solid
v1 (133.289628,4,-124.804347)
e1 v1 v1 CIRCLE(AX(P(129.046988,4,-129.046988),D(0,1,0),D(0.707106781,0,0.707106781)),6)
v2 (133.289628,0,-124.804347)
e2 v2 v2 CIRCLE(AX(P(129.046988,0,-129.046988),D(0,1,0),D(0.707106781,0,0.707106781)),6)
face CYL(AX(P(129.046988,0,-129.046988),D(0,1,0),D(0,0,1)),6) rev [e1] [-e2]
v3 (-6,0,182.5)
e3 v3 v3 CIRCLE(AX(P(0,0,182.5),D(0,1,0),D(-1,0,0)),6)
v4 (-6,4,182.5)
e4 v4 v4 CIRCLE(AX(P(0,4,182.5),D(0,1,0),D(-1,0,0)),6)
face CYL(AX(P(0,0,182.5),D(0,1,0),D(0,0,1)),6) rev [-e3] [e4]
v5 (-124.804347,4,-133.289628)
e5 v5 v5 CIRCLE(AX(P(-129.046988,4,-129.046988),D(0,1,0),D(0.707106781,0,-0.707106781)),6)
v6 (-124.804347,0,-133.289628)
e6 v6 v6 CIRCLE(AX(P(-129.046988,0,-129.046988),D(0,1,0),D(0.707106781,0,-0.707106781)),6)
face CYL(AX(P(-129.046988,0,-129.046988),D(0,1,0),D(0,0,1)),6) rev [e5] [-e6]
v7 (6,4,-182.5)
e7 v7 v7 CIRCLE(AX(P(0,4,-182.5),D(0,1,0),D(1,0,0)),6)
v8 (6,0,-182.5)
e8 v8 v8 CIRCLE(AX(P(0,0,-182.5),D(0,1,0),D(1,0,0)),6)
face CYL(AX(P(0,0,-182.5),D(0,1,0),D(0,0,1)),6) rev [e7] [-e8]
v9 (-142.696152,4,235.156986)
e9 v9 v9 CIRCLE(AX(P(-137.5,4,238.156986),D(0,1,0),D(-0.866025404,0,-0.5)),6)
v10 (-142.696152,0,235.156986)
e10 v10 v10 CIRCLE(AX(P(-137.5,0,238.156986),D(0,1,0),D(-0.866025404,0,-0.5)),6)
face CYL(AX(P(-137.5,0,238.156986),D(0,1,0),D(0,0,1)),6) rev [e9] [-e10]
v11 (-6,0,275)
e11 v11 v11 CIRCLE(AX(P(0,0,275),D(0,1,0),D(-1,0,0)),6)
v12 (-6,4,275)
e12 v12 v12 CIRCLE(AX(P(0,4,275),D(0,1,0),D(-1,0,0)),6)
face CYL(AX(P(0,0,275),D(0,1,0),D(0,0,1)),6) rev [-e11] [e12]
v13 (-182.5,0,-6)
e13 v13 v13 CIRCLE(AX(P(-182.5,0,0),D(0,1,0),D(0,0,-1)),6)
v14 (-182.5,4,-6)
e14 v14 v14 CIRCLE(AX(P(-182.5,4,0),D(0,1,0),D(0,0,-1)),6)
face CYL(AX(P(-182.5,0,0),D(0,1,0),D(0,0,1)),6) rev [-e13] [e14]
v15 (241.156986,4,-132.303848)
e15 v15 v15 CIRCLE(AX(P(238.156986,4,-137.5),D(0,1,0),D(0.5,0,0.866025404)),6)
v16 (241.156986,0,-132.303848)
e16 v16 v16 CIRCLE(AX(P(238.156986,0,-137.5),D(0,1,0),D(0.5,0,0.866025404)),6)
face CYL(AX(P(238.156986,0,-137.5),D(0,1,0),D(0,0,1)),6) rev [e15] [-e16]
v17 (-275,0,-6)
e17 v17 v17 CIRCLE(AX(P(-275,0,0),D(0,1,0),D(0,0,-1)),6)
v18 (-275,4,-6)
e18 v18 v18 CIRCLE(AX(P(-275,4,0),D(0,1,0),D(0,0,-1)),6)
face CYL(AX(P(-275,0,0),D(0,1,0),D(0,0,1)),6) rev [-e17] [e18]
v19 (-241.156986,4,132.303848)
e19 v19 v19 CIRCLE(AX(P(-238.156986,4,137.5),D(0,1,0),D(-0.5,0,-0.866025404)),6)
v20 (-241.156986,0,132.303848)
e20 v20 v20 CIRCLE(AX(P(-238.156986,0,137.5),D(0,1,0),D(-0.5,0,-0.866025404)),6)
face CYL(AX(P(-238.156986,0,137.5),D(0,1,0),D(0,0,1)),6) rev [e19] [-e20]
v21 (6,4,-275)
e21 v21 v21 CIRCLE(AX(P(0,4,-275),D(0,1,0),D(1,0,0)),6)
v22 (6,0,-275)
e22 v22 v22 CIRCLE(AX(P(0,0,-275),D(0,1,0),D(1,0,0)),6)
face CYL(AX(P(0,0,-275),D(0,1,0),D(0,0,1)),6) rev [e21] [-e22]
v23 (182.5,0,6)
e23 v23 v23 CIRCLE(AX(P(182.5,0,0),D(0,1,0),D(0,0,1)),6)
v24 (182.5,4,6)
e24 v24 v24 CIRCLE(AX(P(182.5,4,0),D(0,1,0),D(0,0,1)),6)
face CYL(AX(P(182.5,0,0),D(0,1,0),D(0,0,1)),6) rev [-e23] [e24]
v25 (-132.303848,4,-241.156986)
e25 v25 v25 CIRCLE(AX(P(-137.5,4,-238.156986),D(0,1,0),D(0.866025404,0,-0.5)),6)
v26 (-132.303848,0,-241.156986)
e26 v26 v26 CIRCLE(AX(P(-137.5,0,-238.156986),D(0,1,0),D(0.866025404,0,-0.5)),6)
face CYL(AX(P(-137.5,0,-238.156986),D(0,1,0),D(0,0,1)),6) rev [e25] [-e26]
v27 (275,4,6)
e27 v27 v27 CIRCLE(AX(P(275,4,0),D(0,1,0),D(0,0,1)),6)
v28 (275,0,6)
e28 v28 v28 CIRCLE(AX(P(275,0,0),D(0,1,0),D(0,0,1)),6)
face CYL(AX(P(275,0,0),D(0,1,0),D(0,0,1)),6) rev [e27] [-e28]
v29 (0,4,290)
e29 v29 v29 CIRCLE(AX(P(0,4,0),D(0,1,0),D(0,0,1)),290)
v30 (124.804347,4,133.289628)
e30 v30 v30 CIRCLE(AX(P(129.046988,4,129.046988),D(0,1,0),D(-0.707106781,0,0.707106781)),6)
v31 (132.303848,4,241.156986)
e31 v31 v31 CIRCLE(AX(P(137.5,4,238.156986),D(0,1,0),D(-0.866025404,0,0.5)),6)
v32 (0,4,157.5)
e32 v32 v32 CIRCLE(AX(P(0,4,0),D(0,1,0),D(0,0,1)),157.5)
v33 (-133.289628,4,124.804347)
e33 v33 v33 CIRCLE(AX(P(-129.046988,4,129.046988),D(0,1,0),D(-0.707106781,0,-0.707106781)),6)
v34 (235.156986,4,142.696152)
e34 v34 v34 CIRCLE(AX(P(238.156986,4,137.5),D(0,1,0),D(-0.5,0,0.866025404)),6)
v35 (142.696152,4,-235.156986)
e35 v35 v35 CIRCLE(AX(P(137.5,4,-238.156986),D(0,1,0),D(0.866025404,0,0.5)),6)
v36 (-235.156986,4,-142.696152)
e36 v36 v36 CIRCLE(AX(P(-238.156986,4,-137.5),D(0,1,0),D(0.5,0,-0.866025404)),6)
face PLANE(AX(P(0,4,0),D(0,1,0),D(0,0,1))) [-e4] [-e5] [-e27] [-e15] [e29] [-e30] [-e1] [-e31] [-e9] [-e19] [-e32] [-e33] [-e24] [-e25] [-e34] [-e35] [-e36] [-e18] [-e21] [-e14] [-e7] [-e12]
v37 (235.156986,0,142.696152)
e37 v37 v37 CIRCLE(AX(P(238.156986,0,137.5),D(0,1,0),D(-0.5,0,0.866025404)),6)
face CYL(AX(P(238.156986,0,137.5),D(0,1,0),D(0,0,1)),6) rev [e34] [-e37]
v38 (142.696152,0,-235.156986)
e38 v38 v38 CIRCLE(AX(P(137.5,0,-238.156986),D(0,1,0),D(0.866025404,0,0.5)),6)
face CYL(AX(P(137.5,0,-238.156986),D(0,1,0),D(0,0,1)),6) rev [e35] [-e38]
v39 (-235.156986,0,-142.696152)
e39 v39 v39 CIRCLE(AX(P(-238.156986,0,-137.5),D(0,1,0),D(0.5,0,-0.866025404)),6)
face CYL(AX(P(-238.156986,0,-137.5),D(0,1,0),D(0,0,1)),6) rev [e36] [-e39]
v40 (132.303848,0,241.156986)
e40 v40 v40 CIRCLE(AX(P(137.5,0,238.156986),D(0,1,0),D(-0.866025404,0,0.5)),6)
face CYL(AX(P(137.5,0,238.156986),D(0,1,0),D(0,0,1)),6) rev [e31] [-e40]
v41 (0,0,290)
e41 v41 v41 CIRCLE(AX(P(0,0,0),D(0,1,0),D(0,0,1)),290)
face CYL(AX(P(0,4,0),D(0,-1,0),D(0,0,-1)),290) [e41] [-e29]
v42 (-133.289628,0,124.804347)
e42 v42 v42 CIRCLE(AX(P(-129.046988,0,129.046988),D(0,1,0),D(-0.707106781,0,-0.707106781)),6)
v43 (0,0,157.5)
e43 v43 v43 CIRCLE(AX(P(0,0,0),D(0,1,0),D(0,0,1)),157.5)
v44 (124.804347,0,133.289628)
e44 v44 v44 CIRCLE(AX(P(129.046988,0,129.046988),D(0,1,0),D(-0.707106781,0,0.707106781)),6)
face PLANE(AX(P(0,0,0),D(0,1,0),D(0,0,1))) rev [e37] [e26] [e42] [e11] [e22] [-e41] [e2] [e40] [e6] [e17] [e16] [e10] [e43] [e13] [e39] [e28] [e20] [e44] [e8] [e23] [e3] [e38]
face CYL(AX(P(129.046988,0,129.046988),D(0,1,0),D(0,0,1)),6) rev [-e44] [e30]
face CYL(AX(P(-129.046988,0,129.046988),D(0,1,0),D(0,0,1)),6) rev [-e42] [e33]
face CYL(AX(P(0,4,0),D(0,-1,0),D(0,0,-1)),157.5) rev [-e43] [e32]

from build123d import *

# Parameters (mm, degrees)
SKETCH1_R           = 290
SKETCH1_R_2         = 157.5
BOSS_EXTRUDE1_DEPTH = 4
SKETCH2_R           = 6
CUT_EXTRUDE1_DEPTH  = 4
CIRPATTERN1_COUNT   = 8
SKETCH3_R           = 6
CUT_EXTRUDE2_DEPTH  = 4
CIRPATTERN2_COUNT   = 12


with BuildPart() as part:
    # Sketch1 → Boss-Extrude1 (new body)
    with BuildSketch(Plane(origin=(0, 0, 0), x_dir=(1, 0, 0), z_dir=(0, 1, 0))):
        with Locations(Location((0, 0, 0), (0, 0, 270))):
            Circle(SKETCH1_R)
        with Locations(Location((0, 0, 0), (0, 0, 270))):
            Circle(SKETCH1_R_2, mode=Mode.SUBTRACT)
    extrude(amount=BOSS_EXTRUDE1_DEPTH)

    # Sketch2 → Cut-Extrude1 (cut)
    with BuildSketch(Plane(origin=(0, 4, 0), x_dir=(1, 0, 0), z_dir=(0, 1, 0))):
        with Locations(Location((182.5, 0, 0), (0, 0, 270))):
            Circle(SKETCH2_R)
    cut_extrude1 = extrude(amount=-CUT_EXTRUDE1_DEPTH, mode=Mode.SUBTRACT)

    # CirPattern1: Cut-Extrude1 ×8 about axis
    cirpattern1_axis = Axis((0, 0, 0), (0, 1, 0))
    for i in range(1, CIRPATTERN1_COUNT):
        add(cut_extrude1.rotate(cirpattern1_axis, i * 360 / CIRPATTERN1_COUNT), mode=Mode.SUBTRACT)

    # Sketch3 → Cut-Extrude2 (cut)
    with BuildSketch(Plane(origin=(0, 4, 0), x_dir=(1, 0, 0), z_dir=(0, 1, 0))):
        with Locations(Location((275, 0, 0), (0, 0, 270))):
            Circle(SKETCH3_R)
    cut_extrude2 = extrude(amount=-CUT_EXTRUDE2_DEPTH, mode=Mode.SUBTRACT)

    # CirPattern2: Cut-Extrude2 ×12 about axis
    cirpattern2_axis = Axis((0, 0, 0), (0, 1, 0))
    for i in range(1, CIRPATTERN2_COUNT):
        add(cut_extrude2.rotate(cirpattern2_axis, i * 360 / CIRPATTERN2_COUNT), mode=Mode.SUBTRACT)


solid = part.part
